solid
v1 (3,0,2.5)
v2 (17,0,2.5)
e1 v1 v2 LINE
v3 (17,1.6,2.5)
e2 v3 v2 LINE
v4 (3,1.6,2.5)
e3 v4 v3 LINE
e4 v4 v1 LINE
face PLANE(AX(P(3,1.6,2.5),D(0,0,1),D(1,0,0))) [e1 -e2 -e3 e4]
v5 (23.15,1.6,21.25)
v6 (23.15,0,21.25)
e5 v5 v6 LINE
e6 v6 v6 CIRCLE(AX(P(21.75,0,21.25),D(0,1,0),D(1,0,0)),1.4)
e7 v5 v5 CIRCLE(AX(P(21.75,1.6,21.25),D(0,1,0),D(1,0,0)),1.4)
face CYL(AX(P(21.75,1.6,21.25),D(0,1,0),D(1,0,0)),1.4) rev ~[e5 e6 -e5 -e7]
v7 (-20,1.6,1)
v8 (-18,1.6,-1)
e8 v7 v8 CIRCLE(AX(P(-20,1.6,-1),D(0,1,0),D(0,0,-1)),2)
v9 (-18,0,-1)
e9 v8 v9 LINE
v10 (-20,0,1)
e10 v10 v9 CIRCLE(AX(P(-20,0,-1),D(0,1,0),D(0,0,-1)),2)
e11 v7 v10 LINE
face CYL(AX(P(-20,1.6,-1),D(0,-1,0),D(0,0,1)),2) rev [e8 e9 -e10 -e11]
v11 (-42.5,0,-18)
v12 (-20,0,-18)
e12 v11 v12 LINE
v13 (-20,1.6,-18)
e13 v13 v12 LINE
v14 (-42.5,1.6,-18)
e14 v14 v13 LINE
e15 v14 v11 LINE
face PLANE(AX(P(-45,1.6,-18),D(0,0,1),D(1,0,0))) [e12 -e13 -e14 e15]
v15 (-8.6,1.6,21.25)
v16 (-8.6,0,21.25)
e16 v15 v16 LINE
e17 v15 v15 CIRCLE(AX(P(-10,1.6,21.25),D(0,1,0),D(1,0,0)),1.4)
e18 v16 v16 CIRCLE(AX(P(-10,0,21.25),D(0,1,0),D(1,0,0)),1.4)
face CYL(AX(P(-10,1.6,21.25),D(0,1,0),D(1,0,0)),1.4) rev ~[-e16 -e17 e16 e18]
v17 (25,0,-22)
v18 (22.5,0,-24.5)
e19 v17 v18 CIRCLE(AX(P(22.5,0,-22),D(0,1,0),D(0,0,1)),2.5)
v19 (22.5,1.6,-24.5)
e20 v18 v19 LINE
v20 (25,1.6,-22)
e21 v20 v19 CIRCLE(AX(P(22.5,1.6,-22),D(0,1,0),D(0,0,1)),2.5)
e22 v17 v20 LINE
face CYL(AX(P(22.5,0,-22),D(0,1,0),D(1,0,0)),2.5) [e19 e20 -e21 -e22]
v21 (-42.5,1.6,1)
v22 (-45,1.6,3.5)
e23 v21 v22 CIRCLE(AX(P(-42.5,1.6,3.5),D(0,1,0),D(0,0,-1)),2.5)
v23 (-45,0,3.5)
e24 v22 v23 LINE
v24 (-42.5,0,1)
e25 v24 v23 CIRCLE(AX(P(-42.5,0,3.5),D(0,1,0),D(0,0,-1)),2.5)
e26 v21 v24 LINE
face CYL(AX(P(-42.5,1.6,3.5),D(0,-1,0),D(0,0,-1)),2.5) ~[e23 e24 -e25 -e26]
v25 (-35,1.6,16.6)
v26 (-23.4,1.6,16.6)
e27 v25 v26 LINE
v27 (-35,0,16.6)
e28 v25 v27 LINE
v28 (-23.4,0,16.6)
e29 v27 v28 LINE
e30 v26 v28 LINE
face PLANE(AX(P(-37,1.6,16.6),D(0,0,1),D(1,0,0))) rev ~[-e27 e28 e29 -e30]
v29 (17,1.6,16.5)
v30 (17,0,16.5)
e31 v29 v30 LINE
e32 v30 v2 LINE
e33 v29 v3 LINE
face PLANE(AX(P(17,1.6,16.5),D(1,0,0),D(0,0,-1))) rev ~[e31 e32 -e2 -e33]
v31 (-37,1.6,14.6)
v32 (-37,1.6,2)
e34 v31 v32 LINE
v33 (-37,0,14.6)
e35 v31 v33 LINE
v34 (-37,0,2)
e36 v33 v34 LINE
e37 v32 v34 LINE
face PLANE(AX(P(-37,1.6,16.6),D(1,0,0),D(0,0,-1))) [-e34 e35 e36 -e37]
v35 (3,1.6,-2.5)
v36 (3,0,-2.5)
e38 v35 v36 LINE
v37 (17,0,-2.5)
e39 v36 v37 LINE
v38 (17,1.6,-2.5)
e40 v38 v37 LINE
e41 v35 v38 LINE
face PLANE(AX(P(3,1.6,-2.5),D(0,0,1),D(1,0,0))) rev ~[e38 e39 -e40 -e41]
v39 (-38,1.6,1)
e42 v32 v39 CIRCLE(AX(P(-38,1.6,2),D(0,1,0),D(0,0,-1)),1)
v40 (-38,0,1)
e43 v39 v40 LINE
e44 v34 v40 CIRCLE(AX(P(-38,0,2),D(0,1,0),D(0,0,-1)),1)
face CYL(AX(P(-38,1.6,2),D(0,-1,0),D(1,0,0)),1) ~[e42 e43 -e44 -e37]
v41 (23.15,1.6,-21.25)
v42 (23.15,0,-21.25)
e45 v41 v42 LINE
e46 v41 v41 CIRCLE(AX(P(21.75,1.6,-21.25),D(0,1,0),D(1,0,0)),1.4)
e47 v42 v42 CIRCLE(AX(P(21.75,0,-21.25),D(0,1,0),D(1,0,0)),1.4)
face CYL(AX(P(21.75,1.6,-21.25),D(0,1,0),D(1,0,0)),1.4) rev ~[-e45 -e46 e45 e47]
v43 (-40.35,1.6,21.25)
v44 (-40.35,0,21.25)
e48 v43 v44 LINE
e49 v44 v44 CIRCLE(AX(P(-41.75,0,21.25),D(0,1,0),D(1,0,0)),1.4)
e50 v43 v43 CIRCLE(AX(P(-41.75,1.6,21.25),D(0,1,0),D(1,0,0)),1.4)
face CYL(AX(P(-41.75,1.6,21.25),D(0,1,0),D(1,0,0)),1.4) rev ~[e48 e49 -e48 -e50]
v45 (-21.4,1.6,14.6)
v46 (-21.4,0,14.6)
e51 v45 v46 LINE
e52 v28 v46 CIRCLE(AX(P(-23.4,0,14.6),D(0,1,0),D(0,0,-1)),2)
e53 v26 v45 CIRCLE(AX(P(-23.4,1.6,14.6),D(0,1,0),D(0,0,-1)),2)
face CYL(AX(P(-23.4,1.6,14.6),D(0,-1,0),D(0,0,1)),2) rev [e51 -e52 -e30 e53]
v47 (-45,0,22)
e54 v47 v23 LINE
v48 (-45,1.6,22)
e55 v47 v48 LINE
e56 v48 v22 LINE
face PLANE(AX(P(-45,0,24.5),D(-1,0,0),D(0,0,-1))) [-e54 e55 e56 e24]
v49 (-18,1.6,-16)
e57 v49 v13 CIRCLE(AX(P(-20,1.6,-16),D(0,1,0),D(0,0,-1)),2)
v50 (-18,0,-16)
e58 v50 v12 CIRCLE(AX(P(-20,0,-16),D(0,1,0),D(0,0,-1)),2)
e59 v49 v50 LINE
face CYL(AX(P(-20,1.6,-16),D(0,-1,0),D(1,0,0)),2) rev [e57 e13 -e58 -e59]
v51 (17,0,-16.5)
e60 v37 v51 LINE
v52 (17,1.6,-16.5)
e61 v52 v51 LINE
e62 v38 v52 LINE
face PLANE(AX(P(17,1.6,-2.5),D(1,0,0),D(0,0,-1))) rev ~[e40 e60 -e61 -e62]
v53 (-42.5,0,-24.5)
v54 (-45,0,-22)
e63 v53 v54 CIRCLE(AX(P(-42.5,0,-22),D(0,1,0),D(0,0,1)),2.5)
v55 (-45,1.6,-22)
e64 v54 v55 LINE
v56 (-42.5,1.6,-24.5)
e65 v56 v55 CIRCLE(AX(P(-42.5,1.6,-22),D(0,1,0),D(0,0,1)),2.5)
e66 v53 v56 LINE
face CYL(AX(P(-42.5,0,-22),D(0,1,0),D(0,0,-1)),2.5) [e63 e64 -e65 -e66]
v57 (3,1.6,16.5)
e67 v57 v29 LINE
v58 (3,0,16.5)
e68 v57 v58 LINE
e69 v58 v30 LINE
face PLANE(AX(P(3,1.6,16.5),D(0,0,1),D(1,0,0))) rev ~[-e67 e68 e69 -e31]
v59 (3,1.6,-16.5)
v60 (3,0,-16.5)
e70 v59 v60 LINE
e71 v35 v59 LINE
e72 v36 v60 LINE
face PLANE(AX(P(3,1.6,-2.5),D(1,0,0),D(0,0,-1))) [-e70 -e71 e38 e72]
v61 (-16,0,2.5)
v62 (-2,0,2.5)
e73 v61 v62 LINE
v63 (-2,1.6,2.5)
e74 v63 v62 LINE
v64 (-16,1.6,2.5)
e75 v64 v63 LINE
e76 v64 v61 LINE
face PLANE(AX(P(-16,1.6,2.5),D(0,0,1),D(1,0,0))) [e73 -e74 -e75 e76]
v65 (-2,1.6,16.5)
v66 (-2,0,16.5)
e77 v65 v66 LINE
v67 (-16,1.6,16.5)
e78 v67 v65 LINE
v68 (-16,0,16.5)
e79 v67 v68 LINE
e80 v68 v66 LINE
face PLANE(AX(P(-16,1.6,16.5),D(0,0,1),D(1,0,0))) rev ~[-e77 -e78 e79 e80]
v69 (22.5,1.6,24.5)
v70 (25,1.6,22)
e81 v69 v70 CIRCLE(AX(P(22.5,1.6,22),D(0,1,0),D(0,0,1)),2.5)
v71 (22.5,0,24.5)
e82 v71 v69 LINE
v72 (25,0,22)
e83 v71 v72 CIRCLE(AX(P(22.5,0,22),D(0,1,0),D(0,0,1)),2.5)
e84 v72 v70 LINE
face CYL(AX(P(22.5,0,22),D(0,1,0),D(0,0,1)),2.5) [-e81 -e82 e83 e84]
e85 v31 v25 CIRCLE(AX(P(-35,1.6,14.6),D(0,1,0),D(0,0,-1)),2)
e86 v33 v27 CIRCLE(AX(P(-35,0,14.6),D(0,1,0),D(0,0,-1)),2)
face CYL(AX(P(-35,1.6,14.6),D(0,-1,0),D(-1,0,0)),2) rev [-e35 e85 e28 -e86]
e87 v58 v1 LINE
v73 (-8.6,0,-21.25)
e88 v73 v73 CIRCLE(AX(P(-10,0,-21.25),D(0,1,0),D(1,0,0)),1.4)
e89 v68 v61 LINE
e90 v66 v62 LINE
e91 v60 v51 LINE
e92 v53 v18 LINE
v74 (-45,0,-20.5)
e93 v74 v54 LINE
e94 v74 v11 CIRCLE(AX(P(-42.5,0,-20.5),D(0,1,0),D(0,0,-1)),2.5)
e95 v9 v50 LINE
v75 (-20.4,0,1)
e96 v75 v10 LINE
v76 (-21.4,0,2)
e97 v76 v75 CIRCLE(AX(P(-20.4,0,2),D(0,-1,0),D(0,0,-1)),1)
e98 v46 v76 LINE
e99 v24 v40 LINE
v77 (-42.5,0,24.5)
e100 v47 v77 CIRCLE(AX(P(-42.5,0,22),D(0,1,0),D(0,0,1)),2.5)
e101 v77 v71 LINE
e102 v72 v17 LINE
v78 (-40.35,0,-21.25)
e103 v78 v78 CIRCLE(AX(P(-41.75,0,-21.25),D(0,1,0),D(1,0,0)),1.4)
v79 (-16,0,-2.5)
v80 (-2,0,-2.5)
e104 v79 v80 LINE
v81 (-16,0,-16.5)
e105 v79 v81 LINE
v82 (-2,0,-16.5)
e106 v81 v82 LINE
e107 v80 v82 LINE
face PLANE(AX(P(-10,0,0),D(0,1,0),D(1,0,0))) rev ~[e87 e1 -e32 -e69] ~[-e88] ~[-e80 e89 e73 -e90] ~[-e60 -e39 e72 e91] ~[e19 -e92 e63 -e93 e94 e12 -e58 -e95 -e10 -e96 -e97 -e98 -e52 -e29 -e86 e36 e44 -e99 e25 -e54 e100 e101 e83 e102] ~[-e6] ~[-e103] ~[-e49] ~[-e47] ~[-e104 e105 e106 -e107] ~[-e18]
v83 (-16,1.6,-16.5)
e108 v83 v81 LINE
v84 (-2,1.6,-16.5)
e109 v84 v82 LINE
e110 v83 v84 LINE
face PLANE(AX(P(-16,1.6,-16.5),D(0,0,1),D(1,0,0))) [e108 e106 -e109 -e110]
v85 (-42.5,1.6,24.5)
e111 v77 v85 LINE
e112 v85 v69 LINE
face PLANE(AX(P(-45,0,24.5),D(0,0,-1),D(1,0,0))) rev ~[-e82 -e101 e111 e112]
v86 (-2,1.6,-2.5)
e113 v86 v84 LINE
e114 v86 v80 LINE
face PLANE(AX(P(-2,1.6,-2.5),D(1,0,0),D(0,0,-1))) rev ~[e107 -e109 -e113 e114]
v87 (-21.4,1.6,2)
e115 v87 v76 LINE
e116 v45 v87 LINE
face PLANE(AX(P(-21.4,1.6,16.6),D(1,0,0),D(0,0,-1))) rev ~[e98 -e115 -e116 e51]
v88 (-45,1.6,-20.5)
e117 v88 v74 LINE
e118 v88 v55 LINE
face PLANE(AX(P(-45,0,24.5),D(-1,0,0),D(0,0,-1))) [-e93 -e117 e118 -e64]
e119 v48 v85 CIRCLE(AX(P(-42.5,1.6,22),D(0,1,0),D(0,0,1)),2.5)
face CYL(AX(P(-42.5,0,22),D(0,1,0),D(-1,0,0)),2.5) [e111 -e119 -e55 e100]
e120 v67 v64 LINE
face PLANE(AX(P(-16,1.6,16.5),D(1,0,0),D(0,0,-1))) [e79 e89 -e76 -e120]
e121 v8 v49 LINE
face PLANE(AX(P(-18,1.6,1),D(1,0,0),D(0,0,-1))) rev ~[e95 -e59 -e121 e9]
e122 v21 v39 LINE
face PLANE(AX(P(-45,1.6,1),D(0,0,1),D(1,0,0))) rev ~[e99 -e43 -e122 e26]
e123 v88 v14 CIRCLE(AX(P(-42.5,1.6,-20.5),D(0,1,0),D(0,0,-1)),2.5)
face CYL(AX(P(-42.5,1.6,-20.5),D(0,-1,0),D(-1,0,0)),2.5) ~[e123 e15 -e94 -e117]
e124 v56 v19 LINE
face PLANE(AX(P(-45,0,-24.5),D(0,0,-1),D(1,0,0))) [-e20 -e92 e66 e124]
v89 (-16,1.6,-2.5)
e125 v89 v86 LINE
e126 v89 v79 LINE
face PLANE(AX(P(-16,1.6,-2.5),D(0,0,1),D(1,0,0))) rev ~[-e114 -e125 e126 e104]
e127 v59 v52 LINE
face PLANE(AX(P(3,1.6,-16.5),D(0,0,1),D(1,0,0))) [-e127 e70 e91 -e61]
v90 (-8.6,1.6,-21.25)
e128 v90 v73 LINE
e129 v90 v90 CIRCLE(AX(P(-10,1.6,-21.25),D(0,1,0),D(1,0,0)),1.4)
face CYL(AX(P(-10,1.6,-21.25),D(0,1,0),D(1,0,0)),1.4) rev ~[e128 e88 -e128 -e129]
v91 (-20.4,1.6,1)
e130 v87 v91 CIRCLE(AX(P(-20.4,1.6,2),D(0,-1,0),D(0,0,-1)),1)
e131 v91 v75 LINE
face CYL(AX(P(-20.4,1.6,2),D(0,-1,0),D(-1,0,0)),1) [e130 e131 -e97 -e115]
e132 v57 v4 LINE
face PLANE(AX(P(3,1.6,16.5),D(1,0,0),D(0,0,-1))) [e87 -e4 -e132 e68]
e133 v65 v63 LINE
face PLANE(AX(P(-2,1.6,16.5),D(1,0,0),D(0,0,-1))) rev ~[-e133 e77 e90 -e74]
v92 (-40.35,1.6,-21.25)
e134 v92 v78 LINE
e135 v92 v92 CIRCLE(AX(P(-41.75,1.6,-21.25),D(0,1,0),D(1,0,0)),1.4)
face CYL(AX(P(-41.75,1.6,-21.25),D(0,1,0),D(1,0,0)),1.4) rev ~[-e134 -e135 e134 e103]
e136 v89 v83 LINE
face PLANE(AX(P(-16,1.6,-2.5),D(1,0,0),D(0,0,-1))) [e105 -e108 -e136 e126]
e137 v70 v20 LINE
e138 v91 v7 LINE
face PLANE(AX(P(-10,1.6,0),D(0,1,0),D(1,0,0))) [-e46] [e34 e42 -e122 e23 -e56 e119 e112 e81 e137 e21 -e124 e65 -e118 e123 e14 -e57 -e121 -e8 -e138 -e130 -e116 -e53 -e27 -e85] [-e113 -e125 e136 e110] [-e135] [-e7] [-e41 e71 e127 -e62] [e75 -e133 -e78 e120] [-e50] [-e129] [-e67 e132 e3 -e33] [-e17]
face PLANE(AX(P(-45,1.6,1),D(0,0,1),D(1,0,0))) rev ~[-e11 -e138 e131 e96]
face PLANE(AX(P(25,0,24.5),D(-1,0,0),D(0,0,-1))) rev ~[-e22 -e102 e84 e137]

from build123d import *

# Parameters (mm, degrees)
SKETCH1_W            = 40
SKETCH1_H            = 39
BOSS_EXTRUDE1_DEPTH  = 1.6
SKETCH3_W            = 70
SKETCH3_H            = 49
BOSS_EXTRUDE2_DEPTH  = 1.6
SKETCH4_W            = 27
SKETCH4_H            = 19
CUT_EXTRUDE1_DEPTH   = 2.6
FILLET1_R            = 2
SKETCH5_W            = 15.6
SKETCH5_H            = 15.6
CUT_EXTRUDE2_DEPTH   = 2.6
FILLET2_R            = 2
FILLET3_R            = 1
SKETCH6_R            = 1.4
CUT_EXTRUDE3_DEPTH   = 2.6
FILLET4_R            = 2.5
SKETCH7_W            = 14
SKETCH7_H            = 14
CUT_EXTRUDE4_DEPTH   = 2.6
LPATTERN1_COUNT      = 2
LPATTERN1_PITCH      = 19
LPATTERN1_COUNT_DIR2 = 2
LPATTERN1_PITCH_DIR2 = 19


with BuildPart() as part:
    # Sketch1 → Boss-Extrude1 (new body)
    with BuildSketch(Plane(origin=(0, 0, 0), x_dir=(1, 0, 0), z_dir=(0, 1, 0))):
        Rectangle(SKETCH1_W, SKETCH1_H)
    extrude(amount=BOSS_EXTRUDE1_DEPTH)

    # Sketch3 → Boss-Extrude2 (add)
    with BuildSketch(Plane(origin=(0, 0, 0), x_dir=(1, 0, 0), z_dir=(0, 1, 0))):
        with Locations((-10, 0)):
            Rectangle(SKETCH3_W, SKETCH3_H)
    extrude(amount=BOSS_EXTRUDE2_DEPTH)

    # Sketch4 → Cut-Extrude1 (cut, through all)
    with BuildSketch(Plane(origin=(0, 1.6, 0), x_dir=(1, 0, 0), z_dir=(0, 1, 0))):
        with Locations((-31.5, 8.5)):
            Rectangle(SKETCH4_W, SKETCH4_H)
    extrude(amount=-CUT_EXTRUDE1_DEPTH, mode=Mode.SUBTRACT)

    # Fillet1
    fillet1_edges = [part.edges().sort_by_distance(p)[0] for p in [
        (-18, 0.8, -18),
        (-18, 0.8, 1),
    ]]
    fillet(fillet1_edges, radius=FILLET1_R)

    # Sketch5 → Cut-Extrude2 (cut, through all)
    with BuildSketch(Plane(origin=(0, 1.6, 0), x_dir=(1, 0, 0), z_dir=(0, 1, 0))):
        with Locations((-29.2, -8.8)):
            Rectangle(SKETCH5_W, SKETCH5_H)
    extrude(amount=-CUT_EXTRUDE2_DEPTH, mode=Mode.SUBTRACT)

    # Fillet2
    fillet2_edges = [part.edges().sort_by_distance(p)[0] for p in [
        (-37, 0.8, 16.6),
        (-21.4, 0.8, 16.6),
    ]]
    fillet(fillet2_edges, radius=FILLET2_R)

    # Fillet3
    fillet3_edges = [part.edges().sort_by_distance(p)[0] for p in [
        (-37, 0.8, 1),
        (-21.4, 0.8, 1),
    ]]
    fillet(fillet3_edges, radius=FILLET3_R)

    # Sketch6 → Cut-Extrude3 (cut, through all)
    with BuildSketch(Plane(origin=(0, 1.6, 0), x_dir=(1, 0, 0), z_dir=(0, 1, 0))):
        with Locations((-41.75, 21.25)):
            Circle(SKETCH6_R)
        with Locations((21.75, 21.25)):
            Circle(SKETCH6_R)
        with Locations((21.75, -21.25)):
            Circle(SKETCH6_R)
        with Locations((-41.75, -21.25)):
            Circle(SKETCH6_R)
        with Locations((-10, -21.25)):
            Circle(SKETCH6_R)
        with Locations((-10, 21.25)):
            Circle(SKETCH6_R)
    extrude(amount=-CUT_EXTRUDE3_DEPTH, mode=Mode.SUBTRACT)

    # Fillet4
    fillet4_edges = [part.edges().sort_by_distance(p)[0] for p in [
        (25, 0.8, 24.5),
        (25, 0.8, -24.5),
        (-45, 0.8, -24.5),
        (-45, 0.8, 24.5),
        (-45, 0.8, 1),
        (-45, 0.8, -18),
    ]]
    fillet(fillet4_edges, radius=FILLET4_R)

    # Sketch7 → Cut-Extrude4 (cut, through all)
    with BuildSketch(Plane(origin=(0, 1.6, 0), x_dir=(1, 0, 0), z_dir=(0, 1, 0))):
        with Locations((-9, 9.5)):
            Rectangle(SKETCH7_W, SKETCH7_H)
    cut_extrude4 = extrude(amount=-CUT_EXTRUDE4_DEPTH, mode=Mode.SUBTRACT)

    # LPattern1: Cut-Extrude4 2 × 2
    with Locations(*[(i * LPATTERN1_PITCH, 0, j * LPATTERN1_PITCH_DIR2) for i in range(LPATTERN1_COUNT) for j in range(LPATTERN1_COUNT_DIR2) if (i, j) != (0, 0)]):
        add(cut_extrude4, mode=Mode.SUBTRACT)


solid = part.part
